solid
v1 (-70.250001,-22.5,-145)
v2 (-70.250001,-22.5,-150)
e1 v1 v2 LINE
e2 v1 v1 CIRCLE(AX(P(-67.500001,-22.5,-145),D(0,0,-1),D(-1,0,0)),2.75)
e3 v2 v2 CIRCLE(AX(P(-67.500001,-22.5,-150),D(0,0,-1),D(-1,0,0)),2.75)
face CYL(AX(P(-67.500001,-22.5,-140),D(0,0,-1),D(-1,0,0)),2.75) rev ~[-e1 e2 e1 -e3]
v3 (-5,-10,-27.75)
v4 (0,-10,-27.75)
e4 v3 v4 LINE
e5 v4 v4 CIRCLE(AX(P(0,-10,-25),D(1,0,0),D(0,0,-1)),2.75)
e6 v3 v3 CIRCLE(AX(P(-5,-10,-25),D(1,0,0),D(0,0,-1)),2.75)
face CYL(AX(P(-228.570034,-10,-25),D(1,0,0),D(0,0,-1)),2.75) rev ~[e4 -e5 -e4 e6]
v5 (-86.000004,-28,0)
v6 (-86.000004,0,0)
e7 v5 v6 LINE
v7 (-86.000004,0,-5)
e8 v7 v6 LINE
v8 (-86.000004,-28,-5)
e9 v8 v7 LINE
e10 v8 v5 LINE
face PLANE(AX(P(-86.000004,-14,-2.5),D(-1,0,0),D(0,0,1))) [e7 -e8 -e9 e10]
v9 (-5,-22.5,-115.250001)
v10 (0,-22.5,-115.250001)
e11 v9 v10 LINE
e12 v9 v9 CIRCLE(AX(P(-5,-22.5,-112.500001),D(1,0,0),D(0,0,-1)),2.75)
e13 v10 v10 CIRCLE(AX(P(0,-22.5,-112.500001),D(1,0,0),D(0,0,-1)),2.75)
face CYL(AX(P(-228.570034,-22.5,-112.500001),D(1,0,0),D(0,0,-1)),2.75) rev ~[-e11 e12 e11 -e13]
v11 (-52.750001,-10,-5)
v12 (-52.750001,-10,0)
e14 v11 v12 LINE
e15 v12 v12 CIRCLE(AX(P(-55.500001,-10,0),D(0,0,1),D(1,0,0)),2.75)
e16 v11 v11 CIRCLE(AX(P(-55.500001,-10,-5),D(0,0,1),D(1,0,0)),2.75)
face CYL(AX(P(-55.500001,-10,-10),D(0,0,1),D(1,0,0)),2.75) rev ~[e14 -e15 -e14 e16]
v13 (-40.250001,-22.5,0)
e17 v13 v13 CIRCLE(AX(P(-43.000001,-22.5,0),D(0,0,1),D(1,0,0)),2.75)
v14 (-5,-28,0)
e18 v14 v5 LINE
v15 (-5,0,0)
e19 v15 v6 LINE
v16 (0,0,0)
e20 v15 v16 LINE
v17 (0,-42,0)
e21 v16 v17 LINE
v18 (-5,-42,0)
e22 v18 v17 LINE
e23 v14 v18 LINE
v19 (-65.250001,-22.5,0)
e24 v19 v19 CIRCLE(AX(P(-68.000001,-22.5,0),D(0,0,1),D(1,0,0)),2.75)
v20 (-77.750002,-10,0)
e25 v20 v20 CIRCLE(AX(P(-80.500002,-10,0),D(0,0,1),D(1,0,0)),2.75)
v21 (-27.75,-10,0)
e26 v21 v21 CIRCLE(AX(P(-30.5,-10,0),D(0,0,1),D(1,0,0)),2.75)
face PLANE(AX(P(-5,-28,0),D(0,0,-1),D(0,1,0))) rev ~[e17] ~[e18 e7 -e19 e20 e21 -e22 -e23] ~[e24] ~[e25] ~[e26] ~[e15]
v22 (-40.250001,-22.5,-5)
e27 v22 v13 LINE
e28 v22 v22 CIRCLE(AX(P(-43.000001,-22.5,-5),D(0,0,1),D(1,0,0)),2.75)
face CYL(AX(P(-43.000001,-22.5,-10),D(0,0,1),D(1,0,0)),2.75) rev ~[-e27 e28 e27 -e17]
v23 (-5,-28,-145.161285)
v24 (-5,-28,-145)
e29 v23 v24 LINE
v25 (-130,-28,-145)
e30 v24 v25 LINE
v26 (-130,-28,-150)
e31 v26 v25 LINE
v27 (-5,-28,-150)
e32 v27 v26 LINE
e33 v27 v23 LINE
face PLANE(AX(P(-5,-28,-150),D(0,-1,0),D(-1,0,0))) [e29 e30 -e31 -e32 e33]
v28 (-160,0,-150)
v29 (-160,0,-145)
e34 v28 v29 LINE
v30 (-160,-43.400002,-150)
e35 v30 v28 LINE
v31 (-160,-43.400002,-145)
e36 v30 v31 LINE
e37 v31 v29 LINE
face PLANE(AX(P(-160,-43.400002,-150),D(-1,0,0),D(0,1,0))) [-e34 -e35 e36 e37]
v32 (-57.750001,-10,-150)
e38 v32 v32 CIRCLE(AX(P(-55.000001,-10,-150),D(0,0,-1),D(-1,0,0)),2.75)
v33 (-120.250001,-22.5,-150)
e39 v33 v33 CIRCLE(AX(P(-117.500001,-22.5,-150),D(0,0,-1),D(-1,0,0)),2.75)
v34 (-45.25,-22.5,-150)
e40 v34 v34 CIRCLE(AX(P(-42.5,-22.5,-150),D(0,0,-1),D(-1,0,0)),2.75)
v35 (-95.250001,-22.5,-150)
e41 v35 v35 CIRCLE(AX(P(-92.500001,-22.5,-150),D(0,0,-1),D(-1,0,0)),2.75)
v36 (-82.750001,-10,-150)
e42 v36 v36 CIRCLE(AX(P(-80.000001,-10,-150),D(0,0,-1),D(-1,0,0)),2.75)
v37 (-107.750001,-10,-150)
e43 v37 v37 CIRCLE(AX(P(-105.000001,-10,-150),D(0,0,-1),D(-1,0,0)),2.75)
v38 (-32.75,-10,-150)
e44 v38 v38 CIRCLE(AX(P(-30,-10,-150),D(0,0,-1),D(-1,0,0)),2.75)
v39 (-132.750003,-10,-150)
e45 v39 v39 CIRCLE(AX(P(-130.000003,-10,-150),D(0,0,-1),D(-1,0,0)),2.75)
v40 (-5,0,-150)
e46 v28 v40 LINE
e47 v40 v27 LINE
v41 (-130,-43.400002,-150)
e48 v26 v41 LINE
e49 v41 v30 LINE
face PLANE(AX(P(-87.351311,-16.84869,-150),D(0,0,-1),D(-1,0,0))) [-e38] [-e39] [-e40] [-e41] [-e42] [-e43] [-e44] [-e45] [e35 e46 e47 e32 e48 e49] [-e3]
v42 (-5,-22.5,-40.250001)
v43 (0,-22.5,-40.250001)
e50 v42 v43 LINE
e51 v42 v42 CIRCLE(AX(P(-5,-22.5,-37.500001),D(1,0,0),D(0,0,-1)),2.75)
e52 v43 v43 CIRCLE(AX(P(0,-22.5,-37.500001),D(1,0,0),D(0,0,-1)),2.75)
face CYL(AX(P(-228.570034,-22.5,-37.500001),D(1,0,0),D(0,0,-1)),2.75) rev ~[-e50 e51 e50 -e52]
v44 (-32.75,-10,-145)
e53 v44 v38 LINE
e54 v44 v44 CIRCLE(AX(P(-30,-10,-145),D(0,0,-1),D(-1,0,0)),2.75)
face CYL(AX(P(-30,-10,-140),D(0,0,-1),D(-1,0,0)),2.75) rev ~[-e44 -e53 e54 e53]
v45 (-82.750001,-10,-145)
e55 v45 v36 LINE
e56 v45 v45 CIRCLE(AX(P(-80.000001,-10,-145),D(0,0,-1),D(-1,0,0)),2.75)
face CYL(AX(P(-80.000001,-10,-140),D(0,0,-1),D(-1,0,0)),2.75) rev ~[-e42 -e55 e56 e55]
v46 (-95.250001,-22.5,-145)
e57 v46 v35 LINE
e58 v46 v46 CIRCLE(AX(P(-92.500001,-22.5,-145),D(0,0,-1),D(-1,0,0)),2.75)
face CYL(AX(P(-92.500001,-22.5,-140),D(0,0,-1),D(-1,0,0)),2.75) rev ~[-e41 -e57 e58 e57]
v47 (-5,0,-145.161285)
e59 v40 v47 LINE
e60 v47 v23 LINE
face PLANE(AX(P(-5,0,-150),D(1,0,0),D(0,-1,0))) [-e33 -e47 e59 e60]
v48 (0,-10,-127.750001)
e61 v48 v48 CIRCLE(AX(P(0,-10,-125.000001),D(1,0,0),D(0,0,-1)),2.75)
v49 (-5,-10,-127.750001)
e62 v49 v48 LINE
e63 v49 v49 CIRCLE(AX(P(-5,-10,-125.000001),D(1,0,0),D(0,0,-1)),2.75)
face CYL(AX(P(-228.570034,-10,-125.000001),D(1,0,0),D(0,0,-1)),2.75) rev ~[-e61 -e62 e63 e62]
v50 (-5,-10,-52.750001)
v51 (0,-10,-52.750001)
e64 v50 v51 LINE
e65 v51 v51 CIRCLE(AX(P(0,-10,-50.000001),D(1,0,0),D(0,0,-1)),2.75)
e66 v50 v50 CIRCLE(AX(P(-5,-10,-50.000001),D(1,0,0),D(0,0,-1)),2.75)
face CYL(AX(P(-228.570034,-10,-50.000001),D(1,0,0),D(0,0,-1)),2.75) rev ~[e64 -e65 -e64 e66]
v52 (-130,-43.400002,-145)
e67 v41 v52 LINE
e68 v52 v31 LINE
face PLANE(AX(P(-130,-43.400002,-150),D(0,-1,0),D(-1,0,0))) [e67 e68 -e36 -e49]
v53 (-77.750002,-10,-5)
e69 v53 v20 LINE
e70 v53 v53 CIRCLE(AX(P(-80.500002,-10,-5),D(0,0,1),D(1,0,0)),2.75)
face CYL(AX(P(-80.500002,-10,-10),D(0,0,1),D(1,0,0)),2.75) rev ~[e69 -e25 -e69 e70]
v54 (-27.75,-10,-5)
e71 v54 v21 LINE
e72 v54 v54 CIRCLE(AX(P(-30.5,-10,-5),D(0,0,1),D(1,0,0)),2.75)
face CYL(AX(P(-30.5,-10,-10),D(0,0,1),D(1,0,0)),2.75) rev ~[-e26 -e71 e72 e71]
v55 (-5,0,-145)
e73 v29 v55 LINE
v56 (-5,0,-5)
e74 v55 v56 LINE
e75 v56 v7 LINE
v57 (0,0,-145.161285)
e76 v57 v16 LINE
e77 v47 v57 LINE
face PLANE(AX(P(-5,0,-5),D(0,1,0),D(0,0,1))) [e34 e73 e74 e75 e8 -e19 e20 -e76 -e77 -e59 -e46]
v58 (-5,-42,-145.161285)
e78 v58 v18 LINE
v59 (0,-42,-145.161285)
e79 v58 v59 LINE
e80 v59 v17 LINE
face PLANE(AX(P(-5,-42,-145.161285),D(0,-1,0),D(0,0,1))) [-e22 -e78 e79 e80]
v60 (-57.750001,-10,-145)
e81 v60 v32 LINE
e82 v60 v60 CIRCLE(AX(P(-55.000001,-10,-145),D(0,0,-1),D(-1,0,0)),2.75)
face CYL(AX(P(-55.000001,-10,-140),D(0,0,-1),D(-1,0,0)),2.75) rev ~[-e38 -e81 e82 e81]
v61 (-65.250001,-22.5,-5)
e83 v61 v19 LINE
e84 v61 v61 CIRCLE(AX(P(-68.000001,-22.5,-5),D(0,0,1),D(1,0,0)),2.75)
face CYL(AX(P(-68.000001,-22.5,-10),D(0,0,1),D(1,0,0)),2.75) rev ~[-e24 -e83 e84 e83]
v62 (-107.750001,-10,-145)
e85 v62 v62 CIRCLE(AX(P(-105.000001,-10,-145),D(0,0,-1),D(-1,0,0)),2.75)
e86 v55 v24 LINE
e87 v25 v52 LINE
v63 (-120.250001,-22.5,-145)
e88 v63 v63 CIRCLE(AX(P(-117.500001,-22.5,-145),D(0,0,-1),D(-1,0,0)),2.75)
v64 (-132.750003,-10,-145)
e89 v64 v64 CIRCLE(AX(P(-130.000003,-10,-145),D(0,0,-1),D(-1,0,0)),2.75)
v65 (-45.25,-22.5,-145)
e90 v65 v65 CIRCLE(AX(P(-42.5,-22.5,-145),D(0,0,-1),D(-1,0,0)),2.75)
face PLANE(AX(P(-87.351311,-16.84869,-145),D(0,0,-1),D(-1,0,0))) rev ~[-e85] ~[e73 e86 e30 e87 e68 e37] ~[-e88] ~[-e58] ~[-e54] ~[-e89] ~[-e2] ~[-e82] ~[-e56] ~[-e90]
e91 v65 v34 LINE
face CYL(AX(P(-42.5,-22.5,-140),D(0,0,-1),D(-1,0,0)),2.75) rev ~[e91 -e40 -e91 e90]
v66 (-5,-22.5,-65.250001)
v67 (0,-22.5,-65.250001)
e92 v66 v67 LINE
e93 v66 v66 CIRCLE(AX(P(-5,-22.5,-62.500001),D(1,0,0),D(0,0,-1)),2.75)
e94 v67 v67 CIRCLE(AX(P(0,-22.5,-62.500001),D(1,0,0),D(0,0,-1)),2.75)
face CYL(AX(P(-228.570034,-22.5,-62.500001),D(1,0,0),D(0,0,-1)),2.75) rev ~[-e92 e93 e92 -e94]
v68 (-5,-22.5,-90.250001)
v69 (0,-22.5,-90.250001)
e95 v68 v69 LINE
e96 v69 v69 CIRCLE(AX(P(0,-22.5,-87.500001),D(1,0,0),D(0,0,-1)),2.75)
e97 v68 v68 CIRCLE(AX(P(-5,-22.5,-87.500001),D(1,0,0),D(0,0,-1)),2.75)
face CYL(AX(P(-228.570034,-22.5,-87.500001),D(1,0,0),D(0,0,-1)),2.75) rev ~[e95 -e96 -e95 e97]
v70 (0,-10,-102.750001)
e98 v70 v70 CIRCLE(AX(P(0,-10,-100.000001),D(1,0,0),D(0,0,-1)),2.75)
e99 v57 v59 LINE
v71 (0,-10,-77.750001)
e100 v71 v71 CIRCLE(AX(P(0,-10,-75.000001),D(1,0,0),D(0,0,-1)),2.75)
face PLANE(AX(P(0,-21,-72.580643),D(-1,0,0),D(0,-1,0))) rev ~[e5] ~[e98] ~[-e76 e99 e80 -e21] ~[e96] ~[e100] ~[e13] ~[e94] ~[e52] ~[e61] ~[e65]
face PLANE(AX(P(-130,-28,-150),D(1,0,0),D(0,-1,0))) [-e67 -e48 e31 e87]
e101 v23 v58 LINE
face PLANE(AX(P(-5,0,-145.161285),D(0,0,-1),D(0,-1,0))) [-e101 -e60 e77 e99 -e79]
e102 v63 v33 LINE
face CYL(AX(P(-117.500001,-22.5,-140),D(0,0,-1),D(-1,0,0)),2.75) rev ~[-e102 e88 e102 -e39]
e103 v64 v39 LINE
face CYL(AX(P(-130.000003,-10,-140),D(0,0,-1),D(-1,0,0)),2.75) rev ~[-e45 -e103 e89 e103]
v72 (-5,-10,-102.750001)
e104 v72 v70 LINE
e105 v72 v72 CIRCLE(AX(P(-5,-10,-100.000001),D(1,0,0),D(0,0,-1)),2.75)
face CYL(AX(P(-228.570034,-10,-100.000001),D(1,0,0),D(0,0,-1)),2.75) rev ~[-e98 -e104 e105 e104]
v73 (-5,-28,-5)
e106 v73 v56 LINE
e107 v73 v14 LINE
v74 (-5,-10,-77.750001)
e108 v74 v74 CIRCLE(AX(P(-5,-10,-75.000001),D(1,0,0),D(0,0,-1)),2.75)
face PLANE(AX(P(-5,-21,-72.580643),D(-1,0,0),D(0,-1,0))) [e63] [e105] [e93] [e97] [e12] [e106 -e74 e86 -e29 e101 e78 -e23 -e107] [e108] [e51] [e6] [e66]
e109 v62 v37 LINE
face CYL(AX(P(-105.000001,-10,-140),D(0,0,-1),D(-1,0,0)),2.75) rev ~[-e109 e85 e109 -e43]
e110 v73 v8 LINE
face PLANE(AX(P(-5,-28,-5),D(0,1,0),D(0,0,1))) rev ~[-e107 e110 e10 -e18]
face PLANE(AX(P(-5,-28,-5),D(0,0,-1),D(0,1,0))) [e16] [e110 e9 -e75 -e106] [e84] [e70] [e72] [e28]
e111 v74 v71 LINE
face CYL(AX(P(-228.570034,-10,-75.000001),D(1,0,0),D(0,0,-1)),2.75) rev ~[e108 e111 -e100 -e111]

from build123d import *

# Parameters (mm, degrees)
SKETCH1_W                      = 42
SKETCH1_H                      = 145.161285219
BOSS_EXTRUDE1_DEPTH            = 5
BOSS_EXTRUDE2_DEPTH            = 5
SKETCH3_W                      = 5
SKETCH3_H                      = 27.999999523
BOSS_EXTRUDE3_DEPTH            = 81.000003815
F_5_5_5_5_DIAMETER_HOLE1_D     = 5.5
F_5_5_5_5_DIAMETER_HOLE2_D     = 5.5
F_5_5_5_5_DIAMETER_HOLE2_DEPTH = 5
F_5_5_5_5_DIAMETER_HOLE3_D     = 5.5
F_5_5_5_5_DIAMETER_HOLE3_DEPTH = 5


with BuildPart() as part:
    # Sketch1 → Boss-Extrude1 (new body)
    with BuildSketch(Plane(origin=(-5, 0, 0), x_dir=(0, -1, 0), z_dir=(-1, 0, 0))):
        with Locations((21, -72.58064261)):
            Rectangle(SKETCH1_W, SKETCH1_H)
    extrude(amount=-BOSS_EXTRUDE1_DEPTH)

    # Sketch2 → Boss-Extrude2 (add)
    with BuildSketch(Plane(origin=(0, 0, -150), x_dir=(-1, 0, 0), z_dir=(0, 0, -1))):
        Polygon((130, -43.400001526), (160, -43.400001526), (160, 0), (5, 0), (5, -27.999999523), (130, -27.999999523), align=None)
    extrude(amount=-BOSS_EXTRUDE2_DEPTH)

    # Sketch3 → Boss-Extrude3 (add)
    with BuildSketch(Plane.ZY.offset(5)):
        with Locations((-2.5, -13.999999762)):
            Rectangle(SKETCH3_W, SKETCH3_H)
    extrude(amount=BOSS_EXTRUDE3_DEPTH)

    # Ø5.5 (5.5) Diameter Hole1 (through all)
    with Locations(Plane.ZY.offset(5)):
        with Locations((-37.500000596, -22.500000199), (-25.000000199, -9.99999995), (-50.000000795, -9.99999995), (-62.500000795, -22.500000199), (-75.000000795, -9.99999995), (-87.500000795, -22.500000199), (-112.500000795, -22.500000199), (-100.000000795, -9.99999995), (-125.000000795, -9.99999995)):
            Hole(F_5_5_5_5_DIAMETER_HOLE1_D / 2)

    # Ø5.5 (5.5) Diameter Hole2
    with Locations(Plane.XY.offset(-145)):
        with Locations((-30.000000199, -9.99999995), (-42.500000397, -22.500000199), (-67.500000795, -22.500000199), (-55.000000795, -9.99999995), (-80.000001192, -9.99999995), (-92.500000795, -22.500000199), (-117.500000795, -22.500000199), (-105.000000795, -9.99999995), (-130.000003179, -9.99999995)):
            Hole(F_5_5_5_5_DIAMETER_HOLE2_D / 2, depth=F_5_5_5_5_DIAMETER_HOLE2_DEPTH)

    # Ø5.5 (5.5) Diameter Hole3
    with Locations(Plane(origin=(0, 0, -5), x_dir=(-1, 0, 0), z_dir=(0, 0, -1))):
        with Locations((80.50000151, -9.99999995), (68.000001113, -22.500000199), (43.000001113, -22.500000199), (55.500001113, -9.99999995), (30.500000119, -9.99999995)):
            Hole(F_5_5_5_5_DIAMETER_HOLE3_D / 2, depth=F_5_5_5_5_DIAMETER_HOLE3_DEPTH)


solid = part.part
